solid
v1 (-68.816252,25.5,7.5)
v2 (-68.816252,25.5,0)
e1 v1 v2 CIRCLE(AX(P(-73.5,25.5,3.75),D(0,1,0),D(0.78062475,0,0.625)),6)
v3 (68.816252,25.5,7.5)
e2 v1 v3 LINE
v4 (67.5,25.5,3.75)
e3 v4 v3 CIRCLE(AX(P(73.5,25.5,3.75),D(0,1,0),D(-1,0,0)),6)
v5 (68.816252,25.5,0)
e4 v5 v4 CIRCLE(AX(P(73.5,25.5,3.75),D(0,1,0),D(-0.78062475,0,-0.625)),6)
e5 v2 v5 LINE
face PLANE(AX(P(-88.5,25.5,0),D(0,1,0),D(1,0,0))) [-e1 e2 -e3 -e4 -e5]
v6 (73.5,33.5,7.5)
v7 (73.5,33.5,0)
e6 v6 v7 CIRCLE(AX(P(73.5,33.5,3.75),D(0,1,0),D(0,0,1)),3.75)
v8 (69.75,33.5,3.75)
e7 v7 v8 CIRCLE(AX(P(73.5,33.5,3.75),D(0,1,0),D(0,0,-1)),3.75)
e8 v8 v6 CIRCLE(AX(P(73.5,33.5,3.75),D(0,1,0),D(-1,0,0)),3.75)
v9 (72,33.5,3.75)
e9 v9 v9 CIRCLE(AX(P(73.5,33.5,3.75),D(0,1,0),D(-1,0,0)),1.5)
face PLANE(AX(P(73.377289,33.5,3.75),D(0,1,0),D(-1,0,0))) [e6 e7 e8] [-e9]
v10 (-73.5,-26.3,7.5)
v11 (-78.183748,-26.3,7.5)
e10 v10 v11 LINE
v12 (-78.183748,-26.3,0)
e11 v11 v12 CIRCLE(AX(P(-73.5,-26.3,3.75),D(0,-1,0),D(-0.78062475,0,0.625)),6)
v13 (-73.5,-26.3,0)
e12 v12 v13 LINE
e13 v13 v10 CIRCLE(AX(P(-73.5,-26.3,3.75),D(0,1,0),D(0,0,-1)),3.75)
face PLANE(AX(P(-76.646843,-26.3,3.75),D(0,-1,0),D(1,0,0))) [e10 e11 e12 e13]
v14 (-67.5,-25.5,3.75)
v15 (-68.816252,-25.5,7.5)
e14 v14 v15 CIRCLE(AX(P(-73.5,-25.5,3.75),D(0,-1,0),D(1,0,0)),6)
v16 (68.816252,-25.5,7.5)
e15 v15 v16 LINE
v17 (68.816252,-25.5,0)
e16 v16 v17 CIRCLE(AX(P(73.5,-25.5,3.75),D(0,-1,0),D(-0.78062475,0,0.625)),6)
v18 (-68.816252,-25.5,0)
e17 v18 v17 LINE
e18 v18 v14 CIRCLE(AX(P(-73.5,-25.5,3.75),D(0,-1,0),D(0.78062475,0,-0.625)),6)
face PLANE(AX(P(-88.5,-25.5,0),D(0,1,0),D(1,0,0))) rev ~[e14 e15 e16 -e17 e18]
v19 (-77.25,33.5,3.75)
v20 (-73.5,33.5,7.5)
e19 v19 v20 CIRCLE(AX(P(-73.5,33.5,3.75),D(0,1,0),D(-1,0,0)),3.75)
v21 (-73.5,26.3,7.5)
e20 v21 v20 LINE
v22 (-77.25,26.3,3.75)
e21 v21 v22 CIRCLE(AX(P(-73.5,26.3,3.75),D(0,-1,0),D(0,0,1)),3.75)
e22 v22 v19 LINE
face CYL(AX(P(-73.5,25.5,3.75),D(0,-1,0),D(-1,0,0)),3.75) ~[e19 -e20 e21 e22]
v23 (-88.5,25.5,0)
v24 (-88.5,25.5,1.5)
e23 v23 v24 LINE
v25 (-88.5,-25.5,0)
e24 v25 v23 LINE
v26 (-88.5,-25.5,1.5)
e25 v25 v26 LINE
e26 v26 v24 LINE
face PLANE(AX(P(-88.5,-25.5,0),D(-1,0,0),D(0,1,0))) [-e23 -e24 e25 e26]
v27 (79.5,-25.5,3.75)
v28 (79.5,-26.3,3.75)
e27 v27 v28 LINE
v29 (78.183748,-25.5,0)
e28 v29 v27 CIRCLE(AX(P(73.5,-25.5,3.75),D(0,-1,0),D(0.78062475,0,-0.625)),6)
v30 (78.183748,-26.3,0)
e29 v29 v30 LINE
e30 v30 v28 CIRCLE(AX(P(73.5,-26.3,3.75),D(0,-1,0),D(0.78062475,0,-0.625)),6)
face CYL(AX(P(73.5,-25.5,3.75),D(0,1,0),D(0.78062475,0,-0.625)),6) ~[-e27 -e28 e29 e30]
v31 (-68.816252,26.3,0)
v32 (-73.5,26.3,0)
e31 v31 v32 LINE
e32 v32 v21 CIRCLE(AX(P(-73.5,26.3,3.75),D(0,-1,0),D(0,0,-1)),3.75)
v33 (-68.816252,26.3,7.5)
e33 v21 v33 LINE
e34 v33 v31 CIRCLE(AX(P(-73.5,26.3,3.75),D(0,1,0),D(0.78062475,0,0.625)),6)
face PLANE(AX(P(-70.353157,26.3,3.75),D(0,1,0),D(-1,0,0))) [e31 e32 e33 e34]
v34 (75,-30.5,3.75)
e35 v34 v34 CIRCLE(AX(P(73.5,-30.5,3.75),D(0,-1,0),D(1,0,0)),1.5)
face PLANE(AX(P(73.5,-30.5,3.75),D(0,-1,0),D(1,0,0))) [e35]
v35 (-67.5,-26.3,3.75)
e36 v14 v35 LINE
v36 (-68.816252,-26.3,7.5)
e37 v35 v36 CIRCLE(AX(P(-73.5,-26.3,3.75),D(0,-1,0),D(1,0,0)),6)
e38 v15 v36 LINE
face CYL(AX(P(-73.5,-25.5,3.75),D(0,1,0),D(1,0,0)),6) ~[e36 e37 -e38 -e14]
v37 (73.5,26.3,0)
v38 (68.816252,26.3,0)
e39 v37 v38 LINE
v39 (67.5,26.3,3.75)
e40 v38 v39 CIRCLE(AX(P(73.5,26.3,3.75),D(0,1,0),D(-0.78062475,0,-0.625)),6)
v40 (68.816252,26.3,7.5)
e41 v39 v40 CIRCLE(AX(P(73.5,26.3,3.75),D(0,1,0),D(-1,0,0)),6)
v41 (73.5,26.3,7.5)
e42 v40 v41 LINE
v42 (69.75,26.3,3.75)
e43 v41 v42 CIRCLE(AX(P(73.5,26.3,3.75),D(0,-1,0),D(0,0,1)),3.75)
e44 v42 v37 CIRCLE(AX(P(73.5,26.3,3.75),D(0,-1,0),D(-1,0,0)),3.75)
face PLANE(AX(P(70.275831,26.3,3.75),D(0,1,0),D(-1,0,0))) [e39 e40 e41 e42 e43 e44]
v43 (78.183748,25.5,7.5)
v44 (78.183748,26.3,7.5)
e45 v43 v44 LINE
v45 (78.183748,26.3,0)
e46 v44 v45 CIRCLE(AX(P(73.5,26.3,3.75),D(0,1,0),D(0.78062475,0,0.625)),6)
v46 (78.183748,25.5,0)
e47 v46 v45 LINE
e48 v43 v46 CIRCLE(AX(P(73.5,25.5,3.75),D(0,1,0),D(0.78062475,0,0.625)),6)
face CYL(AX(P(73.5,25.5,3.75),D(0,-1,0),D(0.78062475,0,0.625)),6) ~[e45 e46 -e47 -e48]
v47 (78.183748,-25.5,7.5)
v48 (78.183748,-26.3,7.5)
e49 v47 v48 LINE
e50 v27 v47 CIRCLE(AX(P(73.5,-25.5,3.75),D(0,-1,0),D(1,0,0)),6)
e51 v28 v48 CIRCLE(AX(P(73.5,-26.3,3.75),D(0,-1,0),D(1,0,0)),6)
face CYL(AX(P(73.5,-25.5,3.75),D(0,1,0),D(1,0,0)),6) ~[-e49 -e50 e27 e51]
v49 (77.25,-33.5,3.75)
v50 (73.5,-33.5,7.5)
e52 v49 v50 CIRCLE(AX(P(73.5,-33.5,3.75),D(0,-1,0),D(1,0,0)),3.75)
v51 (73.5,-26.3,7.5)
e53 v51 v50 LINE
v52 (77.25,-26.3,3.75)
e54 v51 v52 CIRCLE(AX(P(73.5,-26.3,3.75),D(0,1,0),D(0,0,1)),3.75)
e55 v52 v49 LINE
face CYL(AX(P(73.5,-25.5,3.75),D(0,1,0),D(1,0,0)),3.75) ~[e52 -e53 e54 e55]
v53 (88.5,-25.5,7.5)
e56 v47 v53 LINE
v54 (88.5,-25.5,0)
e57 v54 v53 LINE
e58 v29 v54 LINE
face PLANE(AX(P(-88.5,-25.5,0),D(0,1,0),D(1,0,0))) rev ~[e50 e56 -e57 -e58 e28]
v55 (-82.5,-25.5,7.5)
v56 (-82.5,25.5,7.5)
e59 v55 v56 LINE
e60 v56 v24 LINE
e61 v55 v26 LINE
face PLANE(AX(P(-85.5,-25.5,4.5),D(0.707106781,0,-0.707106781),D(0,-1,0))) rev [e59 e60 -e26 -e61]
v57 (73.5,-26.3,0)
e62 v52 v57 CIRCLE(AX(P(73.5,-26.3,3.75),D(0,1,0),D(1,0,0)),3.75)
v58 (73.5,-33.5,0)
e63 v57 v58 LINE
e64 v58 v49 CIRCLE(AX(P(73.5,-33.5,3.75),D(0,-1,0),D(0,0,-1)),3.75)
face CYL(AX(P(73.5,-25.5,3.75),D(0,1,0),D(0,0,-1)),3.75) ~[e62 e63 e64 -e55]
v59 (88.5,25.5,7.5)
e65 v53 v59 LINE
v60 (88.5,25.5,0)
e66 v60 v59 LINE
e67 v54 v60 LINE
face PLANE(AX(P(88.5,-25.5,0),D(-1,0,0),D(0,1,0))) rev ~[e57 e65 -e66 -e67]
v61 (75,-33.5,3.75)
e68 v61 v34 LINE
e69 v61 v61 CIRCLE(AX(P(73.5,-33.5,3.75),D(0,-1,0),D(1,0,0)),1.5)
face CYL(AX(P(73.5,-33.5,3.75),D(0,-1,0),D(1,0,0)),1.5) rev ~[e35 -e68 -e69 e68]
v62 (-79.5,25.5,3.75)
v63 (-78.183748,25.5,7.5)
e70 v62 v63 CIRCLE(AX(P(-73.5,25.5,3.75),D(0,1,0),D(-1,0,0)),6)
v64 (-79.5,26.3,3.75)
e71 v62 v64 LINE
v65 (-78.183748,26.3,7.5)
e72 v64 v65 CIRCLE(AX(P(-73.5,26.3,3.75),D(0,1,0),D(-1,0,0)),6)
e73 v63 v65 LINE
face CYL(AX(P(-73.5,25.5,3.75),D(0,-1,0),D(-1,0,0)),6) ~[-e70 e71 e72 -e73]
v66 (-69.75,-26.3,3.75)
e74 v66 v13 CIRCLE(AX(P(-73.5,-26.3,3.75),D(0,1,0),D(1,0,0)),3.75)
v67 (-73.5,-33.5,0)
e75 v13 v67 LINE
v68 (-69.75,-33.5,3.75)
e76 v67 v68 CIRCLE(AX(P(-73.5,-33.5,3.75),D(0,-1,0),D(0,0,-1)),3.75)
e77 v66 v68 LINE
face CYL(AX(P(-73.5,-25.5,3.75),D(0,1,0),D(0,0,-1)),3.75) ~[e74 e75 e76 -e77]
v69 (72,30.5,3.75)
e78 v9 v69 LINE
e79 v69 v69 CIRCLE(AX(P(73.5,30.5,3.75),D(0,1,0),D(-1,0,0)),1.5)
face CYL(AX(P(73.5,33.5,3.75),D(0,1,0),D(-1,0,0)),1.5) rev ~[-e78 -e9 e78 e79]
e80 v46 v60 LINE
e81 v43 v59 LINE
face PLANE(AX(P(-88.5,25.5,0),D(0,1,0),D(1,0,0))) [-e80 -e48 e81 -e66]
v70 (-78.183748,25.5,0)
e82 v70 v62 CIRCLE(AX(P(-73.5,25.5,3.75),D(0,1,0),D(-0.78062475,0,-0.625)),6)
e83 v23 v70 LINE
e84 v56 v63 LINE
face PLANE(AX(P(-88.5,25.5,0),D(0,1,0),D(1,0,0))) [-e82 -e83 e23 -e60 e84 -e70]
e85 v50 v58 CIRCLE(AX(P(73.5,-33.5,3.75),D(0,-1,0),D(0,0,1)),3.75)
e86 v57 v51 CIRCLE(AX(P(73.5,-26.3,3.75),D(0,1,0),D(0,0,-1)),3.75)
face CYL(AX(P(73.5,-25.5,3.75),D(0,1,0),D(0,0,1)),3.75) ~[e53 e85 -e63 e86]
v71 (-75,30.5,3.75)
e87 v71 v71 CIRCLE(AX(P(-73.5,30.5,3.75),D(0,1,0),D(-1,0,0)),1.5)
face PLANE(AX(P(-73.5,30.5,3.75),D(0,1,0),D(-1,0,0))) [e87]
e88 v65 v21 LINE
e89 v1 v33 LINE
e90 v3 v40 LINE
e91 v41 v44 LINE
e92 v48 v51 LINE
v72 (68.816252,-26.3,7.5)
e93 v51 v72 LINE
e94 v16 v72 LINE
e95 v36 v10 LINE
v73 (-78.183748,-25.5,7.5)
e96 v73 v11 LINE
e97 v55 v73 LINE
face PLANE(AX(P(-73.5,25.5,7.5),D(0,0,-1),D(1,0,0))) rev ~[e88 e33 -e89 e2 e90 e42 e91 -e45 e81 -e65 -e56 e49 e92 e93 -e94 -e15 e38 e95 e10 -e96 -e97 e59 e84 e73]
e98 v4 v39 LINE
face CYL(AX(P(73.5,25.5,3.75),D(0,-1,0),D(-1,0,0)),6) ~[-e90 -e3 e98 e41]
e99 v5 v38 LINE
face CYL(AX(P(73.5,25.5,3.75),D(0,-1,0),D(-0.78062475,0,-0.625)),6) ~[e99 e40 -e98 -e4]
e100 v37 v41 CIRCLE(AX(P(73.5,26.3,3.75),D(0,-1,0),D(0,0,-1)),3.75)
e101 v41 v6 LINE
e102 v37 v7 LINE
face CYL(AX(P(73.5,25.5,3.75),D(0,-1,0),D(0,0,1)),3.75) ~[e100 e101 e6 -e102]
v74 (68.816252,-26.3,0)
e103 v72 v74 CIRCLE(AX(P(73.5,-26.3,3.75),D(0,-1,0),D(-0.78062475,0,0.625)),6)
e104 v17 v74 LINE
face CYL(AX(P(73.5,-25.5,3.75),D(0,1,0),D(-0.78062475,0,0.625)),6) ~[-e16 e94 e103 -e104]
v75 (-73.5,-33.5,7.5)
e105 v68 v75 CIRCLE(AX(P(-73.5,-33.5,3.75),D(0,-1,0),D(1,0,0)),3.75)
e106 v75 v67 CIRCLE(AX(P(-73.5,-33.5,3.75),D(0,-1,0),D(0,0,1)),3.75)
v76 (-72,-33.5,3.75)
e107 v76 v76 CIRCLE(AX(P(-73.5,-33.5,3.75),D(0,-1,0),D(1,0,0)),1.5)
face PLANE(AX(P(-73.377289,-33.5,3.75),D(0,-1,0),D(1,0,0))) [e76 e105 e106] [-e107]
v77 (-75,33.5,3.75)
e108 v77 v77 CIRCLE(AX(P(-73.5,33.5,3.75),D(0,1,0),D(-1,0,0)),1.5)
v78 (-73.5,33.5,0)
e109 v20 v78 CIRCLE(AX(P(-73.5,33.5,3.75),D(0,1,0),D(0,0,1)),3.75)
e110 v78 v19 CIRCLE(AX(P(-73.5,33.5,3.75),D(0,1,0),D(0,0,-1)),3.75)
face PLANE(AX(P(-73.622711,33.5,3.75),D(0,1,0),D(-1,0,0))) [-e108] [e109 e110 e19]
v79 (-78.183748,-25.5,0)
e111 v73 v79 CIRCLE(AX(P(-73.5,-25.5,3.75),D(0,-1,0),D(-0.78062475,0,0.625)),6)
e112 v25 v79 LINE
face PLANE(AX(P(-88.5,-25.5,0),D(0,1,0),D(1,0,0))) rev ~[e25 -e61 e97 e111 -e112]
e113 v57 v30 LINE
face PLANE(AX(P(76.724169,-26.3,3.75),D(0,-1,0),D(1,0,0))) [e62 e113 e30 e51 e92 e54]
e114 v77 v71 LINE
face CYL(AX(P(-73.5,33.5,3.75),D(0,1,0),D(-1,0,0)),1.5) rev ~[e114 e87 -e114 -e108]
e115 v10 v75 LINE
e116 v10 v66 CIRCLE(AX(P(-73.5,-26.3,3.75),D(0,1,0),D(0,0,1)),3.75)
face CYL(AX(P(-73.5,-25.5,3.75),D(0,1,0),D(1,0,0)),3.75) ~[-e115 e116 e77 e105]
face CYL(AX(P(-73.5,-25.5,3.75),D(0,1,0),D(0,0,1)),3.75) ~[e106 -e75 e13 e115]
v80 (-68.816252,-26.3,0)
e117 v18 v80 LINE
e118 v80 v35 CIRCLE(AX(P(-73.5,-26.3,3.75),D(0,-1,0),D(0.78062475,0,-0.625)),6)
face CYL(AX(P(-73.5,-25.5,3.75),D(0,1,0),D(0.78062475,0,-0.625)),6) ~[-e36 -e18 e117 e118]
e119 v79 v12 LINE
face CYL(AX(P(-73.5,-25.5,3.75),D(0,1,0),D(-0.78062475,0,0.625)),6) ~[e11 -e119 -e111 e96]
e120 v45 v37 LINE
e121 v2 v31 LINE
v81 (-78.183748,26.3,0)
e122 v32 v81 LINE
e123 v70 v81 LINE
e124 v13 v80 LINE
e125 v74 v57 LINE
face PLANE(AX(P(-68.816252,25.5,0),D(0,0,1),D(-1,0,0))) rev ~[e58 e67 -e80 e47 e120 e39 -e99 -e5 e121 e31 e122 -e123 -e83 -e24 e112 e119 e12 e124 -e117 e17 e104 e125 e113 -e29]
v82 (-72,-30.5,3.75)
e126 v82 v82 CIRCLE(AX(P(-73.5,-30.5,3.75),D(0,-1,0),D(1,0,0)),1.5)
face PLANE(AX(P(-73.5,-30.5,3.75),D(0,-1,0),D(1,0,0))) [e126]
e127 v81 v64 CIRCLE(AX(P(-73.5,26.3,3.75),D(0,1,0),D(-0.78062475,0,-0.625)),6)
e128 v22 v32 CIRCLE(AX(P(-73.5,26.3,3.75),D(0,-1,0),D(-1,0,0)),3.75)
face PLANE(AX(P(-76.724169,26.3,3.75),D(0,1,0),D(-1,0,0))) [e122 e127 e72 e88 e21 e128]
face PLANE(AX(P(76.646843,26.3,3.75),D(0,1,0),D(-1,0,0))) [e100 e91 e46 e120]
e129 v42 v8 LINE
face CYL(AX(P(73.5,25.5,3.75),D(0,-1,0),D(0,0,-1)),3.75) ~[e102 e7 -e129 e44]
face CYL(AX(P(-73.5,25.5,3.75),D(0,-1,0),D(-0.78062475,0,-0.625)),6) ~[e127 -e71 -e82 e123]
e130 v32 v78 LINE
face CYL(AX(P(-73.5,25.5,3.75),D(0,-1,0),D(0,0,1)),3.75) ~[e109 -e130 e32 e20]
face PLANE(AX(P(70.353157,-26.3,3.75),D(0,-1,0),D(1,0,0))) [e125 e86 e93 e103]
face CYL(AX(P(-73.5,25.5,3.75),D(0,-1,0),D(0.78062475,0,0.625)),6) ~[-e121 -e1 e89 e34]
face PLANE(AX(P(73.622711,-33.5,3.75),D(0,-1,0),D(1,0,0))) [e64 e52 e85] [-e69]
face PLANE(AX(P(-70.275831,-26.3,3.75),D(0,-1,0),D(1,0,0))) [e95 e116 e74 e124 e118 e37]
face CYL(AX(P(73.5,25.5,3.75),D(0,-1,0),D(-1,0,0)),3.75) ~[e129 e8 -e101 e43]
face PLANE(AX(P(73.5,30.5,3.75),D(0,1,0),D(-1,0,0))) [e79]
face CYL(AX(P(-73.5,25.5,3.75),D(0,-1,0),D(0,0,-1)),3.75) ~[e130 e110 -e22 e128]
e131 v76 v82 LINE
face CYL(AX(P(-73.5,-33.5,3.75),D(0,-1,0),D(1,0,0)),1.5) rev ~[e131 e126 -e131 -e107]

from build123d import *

# Parameters (mm, degrees)
F0_W      = 177
F0_H      = 51
F1_DEPTH  = 7.5
F3_DEPTH  = 8
F4_DEPTH  = 0.8
F5_R      = 1.5
F6_DEPTH  = 3
F8_DEPTH  = 8
F9_DEPTH  = 0.8
F10_R     = 1.5
F11_DEPTH = 3
F12_SIZE  = 6


with BuildPart() as f1:
    # F0 (on Top) → F1 (new body)
    with BuildSketch(Plane.XY):
        Rectangle(F0_W, F0_H)
    extrude(amount=F1_DEPTH)

    # F2 (on face) → F3 (join)
    with BuildSketch(Plane.XZ.offset(25.5)):
        with BuildLine():
            ThreePointArc((77.25, 3.75), (76.1516504294, 6.4016504294), (73.5, 7.5))
            ThreePointArc((73.5, 7.5), (69.75, 3.75), (73.5, 0))
            ThreePointArc((73.5, 0), (76.1516504294, 1.0983495706), (77.25, 3.75))
        make_face()
        with BuildLine():
            ThreePointArc((-73.5, 0), (-70.8483495706, 1.0983495706), (-69.75, 3.75))
            ThreePointArc((-69.75, 3.75), (-70.8483495706, 6.4016504294), (-73.5, 7.5))
            ThreePointArc((-73.5, 7.5), (-77.25, 3.75), (-73.5, 0))
        make_face()
    extrude(amount=F3_DEPTH)

    # F2 (on face) → F4 (join)
    with BuildSketch(Plane.XZ.offset(25.5)):
        with BuildLine():
            ThreePointArc((-73.5, 0), (-77.25, 3.75), (-73.5, 7.5))
            Line((-73.5, 7.5), (-78.1837484988, 7.5))
            ThreePointArc((-78.1837484988, 7.5), (-79.5, 3.75), (-78.1837484988, 0))
            Line((-78.1837484988, 0), (-73.5, 0))
        make_face()
        with BuildLine():
            ThreePointArc((-73.5, 7.5), (-70.8483495706, 6.4016504294), (-69.75, 3.75))
            ThreePointArc((-69.75, 3.75), (-70.8483495706, 1.0983495706), (-73.5, 0))
            Line((-73.5, 0), (-68.8162515012, 0))
            ThreePointArc((-68.8162515012, 0), (-67.8386180577, 1.7628526719), (-67.5, 3.75))
            ThreePointArc((-67.5, 3.75), (-67.8386180577, 5.7371473281), (-68.8162515012, 7.5))
            Line((-68.8162515012, 7.5), (-73.5, 7.5))
        make_face()
        with BuildLine():
            ThreePointArc((79.5, 3.75), (79.1613819423, 5.7371473281), (78.1837484988, 7.5))
            Line((78.1837484988, 7.5), (73.5, 7.5))
            ThreePointArc((73.5, 7.5), (76.1516504294, 6.4016504294), (77.25, 3.75))
            ThreePointArc((77.25, 3.75), (76.1516504294, 1.0983495706), (73.5, 0))
            Line((73.5, 0), (78.1837484988, 0))
            ThreePointArc((78.1837484988, 0), (79.1613819423, 1.7628526719), (79.5, 3.75))
        make_face()
        with BuildLine():
            Line((73.5, 7.5), (68.8162515012, 7.5))
            ThreePointArc((68.8162515012, 7.5), (67.5, 3.75), (68.8162515012, 0))
            Line((68.8162515012, 0), (73.5, 0))
            ThreePointArc((73.5, 0), (69.75, 3.75), (73.5, 7.5))
        make_face()
    extrude(amount=F4_DEPTH)

    # F5 (on face) → F6 (cut)
    with BuildSketch(Plane.XZ.offset(33.5)):
        with Locations((-73.5, 3.75)):
            Circle(F5_R)
        with Locations((73.5, 3.75)):
            Circle(F5_R)
    extrude(amount=-F6_DEPTH, mode=Mode.SUBTRACT)

    # F7 (on face) → F8 (join)
    with BuildSketch(Plane(origin=(0, 25.5, 0), x_dir=(-1, 0, 0), z_dir=(0, 1, 0))):
        with BuildLine():
            ThreePointArc((77.25, 3.75), (76.1516504294, 6.4016504294), (73.5, 7.5))
            ThreePointArc((73.5, 7.5), (69.75, 3.75), (73.5, 0))
            ThreePointArc((73.5, 0), (76.1516504294, 1.0983495706), (77.25, 3.75))
        make_face()
        with BuildLine():
            ThreePointArc((-73.5, 0), (-70.8483495706, 1.0983495706), (-69.75, 3.75))
            ThreePointArc((-69.75, 3.75), (-70.8483495706, 6.4016504294), (-73.5, 7.5))
            ThreePointArc((-73.5, 7.5), (-77.25, 3.75), (-73.5, 0))
        make_face()
    extrude(amount=F8_DEPTH)

    # F7 (on face) → F9 (join)
    with BuildSketch(Plane(origin=(0, 25.5, 0), x_dir=(-1, 0, 0), z_dir=(0, 1, 0))):
        with BuildLine():
            Line((73.5, 7.5), (68.8162515012, 7.5))
            ThreePointArc((68.8162515012, 7.5), (67.5, 3.75), (68.8162515012, 0))
            Line((68.8162515012, 0), (73.5, 0))
            ThreePointArc((73.5, 0), (69.75, 3.75), (73.5, 7.5))
        make_face()
        with BuildLine():
            ThreePointArc((79.5, 3.75), (79.1613819423, 5.7371473281), (78.1837484988, 7.5))
            Line((78.1837484988, 7.5), (73.5, 7.5))
            ThreePointArc((73.5, 7.5), (76.1516504294, 6.4016504294), (77.25, 3.75))
            ThreePointArc((77.25, 3.75), (76.1516504294, 1.0983495706), (73.5, 0))
            Line((73.5, 0), (78.1837484988, 0))
            ThreePointArc((78.1837484988, 0), (79.1613819423, 1.7628526719), (79.5, 3.75))
        make_face()
        with BuildLine():
            ThreePointArc((-73.5, 0), (-77.25, 3.75), (-73.5, 7.5))
            Line((-73.5, 7.5), (-78.1837484988, 7.5))
            ThreePointArc((-78.1837484988, 7.5), (-79.5, 3.75), (-78.1837484988, 0))
            Line((-78.1837484988, 0), (-73.5, 0))
        make_face()
        with BuildLine():
            ThreePointArc((-73.5, 7.5), (-70.8483495706, 6.4016504294), (-69.75, 3.75))
            ThreePointArc((-69.75, 3.75), (-70.8483495706, 1.0983495706), (-73.5, 0))
            Line((-73.5, 0), (-68.8162515012, 0))
            ThreePointArc((-68.8162515012, 0), (-67.8386180577, 1.7628526719), (-67.5, 3.75))
            ThreePointArc((-67.5, 3.75), (-67.8386180577, 5.7371473281), (-68.8162515012, 7.5))
            Line((-68.8162515012, 7.5), (-73.5, 7.5))
        make_face()
    extrude(amount=F9_DEPTH)

    # F10 (on face) → F11 (cut)
    with BuildSketch(Plane(origin=(0, 33.5, 0), x_dir=(-1, 0, 0), z_dir=(0, 1, 0))):
        with Locations((-73.5, 3.75)):
            Circle(F10_R)
        with Locations((73.5, 3.75)):
            Circle(F10_R)
    extrude(amount=-F11_DEPTH, mode=Mode.SUBTRACT)

    # F12
    f12_edges = [f1.edges().sort_by_distance(p)[0] for p in [
        (-88.5, 0, 7.5),
    ]]
    chamfer(f12_edges, length=F12_SIZE)


solid = f1.part
